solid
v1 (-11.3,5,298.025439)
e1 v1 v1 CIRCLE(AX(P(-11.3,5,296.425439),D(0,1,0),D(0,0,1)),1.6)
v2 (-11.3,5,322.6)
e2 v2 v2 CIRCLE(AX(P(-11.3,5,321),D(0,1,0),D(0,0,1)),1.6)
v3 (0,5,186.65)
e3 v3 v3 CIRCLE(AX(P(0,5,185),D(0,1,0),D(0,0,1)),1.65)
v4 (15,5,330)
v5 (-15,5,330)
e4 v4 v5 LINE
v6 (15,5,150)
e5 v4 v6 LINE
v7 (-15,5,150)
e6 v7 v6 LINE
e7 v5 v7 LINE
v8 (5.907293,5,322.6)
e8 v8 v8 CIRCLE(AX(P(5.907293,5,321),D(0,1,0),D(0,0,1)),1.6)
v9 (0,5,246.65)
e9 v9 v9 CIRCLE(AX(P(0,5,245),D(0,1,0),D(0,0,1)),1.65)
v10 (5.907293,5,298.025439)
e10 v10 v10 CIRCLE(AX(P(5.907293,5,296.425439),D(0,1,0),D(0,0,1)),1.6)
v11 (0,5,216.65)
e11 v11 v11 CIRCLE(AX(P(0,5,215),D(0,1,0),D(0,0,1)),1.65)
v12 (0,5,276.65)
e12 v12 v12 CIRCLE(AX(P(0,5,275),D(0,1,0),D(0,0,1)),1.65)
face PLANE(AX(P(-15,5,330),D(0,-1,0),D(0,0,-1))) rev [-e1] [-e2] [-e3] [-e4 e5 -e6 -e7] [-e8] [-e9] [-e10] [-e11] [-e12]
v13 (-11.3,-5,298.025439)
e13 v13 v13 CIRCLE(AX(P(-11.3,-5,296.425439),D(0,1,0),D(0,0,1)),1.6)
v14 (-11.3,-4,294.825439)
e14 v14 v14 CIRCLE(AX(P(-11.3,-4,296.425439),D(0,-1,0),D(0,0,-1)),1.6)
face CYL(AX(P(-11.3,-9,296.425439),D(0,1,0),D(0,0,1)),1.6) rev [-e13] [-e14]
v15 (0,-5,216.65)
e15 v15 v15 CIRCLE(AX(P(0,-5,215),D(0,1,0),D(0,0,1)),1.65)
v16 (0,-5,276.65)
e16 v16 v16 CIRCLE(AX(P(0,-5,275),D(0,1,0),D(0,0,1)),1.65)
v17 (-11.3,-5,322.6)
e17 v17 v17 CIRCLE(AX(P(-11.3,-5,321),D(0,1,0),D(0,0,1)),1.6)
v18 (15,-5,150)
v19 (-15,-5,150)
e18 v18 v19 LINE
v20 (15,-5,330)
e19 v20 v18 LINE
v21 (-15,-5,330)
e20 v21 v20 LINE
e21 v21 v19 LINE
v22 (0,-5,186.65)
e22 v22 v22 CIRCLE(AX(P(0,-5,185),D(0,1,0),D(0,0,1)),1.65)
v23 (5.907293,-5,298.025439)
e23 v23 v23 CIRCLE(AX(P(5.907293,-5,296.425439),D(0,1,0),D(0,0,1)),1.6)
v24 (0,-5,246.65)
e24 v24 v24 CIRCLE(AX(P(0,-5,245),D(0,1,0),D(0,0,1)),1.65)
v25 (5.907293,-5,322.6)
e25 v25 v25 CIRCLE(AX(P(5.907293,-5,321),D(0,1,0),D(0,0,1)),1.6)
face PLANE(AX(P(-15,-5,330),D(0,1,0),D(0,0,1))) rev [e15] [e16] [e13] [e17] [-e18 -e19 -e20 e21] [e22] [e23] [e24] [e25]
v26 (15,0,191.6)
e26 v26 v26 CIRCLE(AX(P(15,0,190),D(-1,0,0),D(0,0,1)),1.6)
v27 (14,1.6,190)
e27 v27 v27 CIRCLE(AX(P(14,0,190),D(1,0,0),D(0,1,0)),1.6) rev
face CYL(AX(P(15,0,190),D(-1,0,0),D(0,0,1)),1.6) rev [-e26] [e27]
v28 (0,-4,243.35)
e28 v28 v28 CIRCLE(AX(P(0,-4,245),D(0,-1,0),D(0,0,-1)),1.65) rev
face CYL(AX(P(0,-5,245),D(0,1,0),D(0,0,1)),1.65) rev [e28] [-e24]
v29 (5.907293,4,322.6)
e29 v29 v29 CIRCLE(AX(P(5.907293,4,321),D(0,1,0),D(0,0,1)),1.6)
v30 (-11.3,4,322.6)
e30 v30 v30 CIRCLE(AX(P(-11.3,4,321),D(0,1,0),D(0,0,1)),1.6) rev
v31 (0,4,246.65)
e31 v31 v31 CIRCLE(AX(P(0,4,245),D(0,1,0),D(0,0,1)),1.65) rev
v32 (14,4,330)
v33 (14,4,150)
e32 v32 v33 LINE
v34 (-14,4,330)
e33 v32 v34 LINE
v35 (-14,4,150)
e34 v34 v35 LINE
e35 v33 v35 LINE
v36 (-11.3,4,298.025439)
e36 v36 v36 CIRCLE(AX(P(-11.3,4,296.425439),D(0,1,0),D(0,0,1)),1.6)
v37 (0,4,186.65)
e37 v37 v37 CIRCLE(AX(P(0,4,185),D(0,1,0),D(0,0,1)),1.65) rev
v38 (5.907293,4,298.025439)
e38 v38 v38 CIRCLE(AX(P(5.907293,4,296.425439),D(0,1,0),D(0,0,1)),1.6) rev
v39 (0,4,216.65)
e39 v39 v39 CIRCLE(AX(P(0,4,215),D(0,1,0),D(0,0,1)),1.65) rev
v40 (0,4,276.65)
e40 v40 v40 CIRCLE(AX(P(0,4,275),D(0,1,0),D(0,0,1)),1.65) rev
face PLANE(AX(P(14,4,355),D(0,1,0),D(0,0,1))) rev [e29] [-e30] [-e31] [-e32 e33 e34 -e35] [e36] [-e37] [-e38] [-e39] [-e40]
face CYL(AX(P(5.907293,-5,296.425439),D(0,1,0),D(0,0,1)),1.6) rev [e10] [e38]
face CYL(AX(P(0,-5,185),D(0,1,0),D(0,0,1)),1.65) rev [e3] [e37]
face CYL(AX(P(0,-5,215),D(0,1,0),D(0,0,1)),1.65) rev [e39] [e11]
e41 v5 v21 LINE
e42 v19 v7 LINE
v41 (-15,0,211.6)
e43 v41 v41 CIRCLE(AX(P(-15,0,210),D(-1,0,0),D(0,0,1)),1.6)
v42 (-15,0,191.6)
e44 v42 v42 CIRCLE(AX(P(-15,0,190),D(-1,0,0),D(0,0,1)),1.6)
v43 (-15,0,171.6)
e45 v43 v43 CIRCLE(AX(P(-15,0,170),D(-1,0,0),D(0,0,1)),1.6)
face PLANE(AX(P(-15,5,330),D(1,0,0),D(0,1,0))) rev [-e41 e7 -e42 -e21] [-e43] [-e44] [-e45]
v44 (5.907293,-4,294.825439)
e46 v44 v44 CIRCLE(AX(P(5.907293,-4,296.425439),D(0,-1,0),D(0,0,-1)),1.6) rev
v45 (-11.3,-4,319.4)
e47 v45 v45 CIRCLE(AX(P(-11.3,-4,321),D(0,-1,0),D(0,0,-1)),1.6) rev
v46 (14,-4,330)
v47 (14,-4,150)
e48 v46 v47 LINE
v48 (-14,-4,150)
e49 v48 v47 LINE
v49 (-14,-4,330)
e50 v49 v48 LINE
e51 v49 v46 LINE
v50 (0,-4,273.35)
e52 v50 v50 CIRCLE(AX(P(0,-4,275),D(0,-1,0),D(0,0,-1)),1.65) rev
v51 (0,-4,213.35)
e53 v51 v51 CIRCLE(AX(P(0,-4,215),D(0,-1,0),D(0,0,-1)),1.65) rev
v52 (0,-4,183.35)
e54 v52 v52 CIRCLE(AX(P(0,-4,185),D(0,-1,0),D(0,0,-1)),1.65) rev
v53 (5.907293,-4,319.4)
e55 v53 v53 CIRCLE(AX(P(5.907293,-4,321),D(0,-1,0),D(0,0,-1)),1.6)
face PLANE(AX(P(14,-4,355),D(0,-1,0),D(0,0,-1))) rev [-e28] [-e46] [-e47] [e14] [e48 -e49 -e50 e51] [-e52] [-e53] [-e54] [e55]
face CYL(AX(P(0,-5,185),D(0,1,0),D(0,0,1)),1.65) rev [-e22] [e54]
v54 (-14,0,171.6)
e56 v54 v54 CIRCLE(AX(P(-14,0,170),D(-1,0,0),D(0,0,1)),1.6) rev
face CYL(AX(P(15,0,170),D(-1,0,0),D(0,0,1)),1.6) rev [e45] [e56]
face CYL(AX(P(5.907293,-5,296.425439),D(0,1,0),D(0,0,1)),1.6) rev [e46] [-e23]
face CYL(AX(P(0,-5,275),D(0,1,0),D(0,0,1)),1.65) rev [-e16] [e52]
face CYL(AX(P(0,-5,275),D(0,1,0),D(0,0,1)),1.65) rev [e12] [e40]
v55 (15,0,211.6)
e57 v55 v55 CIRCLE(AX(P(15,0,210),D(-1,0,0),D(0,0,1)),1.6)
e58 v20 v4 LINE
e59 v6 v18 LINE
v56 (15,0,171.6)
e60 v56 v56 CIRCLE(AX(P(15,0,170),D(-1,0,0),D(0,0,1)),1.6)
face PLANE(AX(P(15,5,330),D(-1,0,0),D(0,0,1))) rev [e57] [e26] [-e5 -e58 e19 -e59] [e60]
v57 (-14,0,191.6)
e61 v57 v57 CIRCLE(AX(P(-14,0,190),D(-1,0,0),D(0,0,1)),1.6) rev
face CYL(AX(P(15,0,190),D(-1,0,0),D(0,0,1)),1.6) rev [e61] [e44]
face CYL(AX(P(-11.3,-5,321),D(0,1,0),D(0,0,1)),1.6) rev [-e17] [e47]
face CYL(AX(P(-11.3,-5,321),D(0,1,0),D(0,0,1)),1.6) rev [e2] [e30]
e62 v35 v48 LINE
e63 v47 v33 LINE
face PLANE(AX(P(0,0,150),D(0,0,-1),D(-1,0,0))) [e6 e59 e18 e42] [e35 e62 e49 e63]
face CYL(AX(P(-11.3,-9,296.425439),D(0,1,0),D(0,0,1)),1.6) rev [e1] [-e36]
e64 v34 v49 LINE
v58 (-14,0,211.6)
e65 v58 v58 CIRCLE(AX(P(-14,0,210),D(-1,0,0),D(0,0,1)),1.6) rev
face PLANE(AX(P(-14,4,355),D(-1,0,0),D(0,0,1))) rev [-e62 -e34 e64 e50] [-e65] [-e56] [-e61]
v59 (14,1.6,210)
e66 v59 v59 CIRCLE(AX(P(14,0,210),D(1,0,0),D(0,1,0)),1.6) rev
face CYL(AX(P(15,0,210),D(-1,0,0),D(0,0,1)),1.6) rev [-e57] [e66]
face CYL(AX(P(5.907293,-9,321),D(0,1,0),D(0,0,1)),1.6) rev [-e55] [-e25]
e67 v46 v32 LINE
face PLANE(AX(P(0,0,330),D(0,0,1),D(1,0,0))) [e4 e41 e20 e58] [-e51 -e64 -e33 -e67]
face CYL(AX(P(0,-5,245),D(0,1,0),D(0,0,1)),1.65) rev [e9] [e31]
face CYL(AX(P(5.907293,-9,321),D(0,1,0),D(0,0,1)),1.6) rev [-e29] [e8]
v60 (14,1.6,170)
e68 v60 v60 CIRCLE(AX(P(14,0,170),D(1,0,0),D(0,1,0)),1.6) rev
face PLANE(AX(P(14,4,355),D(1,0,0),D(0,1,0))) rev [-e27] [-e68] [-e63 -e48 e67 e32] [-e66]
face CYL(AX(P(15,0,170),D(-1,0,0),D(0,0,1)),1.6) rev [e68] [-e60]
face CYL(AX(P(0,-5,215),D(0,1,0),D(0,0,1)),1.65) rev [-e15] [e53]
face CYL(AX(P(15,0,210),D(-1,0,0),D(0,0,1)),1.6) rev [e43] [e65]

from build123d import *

# Parameters (mm, degrees)
SKETCH_1_W          = 30
SKETCH_1_H          = 10
SKETCH_1_W_2        = 26
SKETCH_1_H_2        = 6
EXTRUDE_1_DEPTH     = 330
SKETCH_2_R          = 1.6
CUT_EXTRUDE_1_DEPTH = 331.492057393
SKETCH_3_R          = 1.6
SKETCH_3_R_2        = 1.65
CUT_EXTRUDE_2_DEPTH = 331.492057393
SKETCH_4_R          = 1.6
CUT_EXTRUDE_3_DEPTH = 332.398551596
SKETCH_6_W          = 28
SKETCH_6_H          = 8
CUT_EXTRUDE_5_DEPTH = 355
SKETCH_7_R          = 1.6
CUT_EXTRUDE_6_DEPTH = 14
SKETCH_9_W          = 30
SKETCH_9_H          = 10
CUT_EXTRUDE_7_DEPTH = 150


with BuildPart() as part:
    # 草图1 → 凸台-拉伸1 (new body)
    with BuildSketch(Plane.XY):
        Rectangle(SKETCH_1_W, SKETCH_1_H)
        Rectangle(SKETCH_1_W_2, SKETCH_1_H_2, mode=Mode.SUBTRACT)
    extrude(amount=EXTRUDE_1_DEPTH)

    # 草图2 → 切除-拉伸1 (cut, through all)
    with BuildSketch(Plane(origin=(0, 5, 0), x_dir=(1, 0, 0), z_dir=(0, 1, 0))):
        with Locations(Location((-11.3, -321, 0), (0, 0, 270))):
            Circle(SKETCH_2_R)
    extrude(amount=-CUT_EXTRUDE_1_DEPTH, mode=Mode.SUBTRACT)

    # 草图3 → 切除-拉伸2 (cut, through all)
    with BuildSketch(Plane(origin=(0, 5, 0), x_dir=(1, 0, 0), z_dir=(0, 1, 0))):
        with Locations(Location((5.907293091, -296.425438671, 0), (0, 0, 270))):
            Circle(SKETCH_3_R)
        with Locations(Location((0, -215, 0), (0, 0, 270))):
            Circle(SKETCH_3_R_2)
        with Locations(Location((0, -185, 0), (0, 0, 270))):
            Circle(SKETCH_3_R_2)
        with Locations(Location((0, -275, 0), (0, 0, 270))):
            Circle(SKETCH_3_R_2)
        with Locations(Location((0, -245, 0), (0, 0, 270))):
            Circle(SKETCH_3_R_2)
    extrude(amount=-CUT_EXTRUDE_2_DEPTH, mode=Mode.SUBTRACT)

    # 草图4 → 切除-拉伸3 (cut, through all)
    with BuildSketch(Plane.ZY.offset(15)):
        with Locations((170, 0)):
            Circle(SKETCH_4_R)
        with Locations((190, 0)):
            Circle(SKETCH_4_R)
        with Locations((210, 0)):
            Circle(SKETCH_4_R)
    extrude(amount=-CUT_EXTRUDE_3_DEPTH, mode=Mode.SUBTRACT)

    # 草图6 → 切除-拉伸5 (cut)
    with BuildSketch(Plane(origin=(0, 0, 0), x_dir=(-1, 0, 0), z_dir=(0, 0, -1))):
        Rectangle(SKETCH_6_W, SKETCH_6_H)
    extrude(amount=-CUT_EXTRUDE_5_DEPTH, mode=Mode.SUBTRACT)

    # 草图7 → 切除-拉伸6 (cut)
    with BuildSketch(Plane(origin=(0, 5, 0), x_dir=(1, 0, 0), z_dir=(0, 1, 0))):
        with Locations(Location((5.907293091, -321, 0), (0, 0, 270))):
            Circle(SKETCH_7_R)
        with Locations(Location((-11.3, -296.425438671, 0), (0, 0, 270))):
            Circle(SKETCH_7_R)
    extrude(amount=-CUT_EXTRUDE_6_DEPTH, mode=Mode.SUBTRACT)

    # 草图9 → 切除-拉伸7 (cut)
    with BuildSketch(Plane(origin=(0, 0, 0), x_dir=(-1, 0, 0), z_dir=(0, 0, -1))):
        Rectangle(SKETCH_9_W, SKETCH_9_H)
    extrude(amount=-CUT_EXTRUDE_7_DEPTH, mode=Mode.SUBTRACT)


solid = part.part
